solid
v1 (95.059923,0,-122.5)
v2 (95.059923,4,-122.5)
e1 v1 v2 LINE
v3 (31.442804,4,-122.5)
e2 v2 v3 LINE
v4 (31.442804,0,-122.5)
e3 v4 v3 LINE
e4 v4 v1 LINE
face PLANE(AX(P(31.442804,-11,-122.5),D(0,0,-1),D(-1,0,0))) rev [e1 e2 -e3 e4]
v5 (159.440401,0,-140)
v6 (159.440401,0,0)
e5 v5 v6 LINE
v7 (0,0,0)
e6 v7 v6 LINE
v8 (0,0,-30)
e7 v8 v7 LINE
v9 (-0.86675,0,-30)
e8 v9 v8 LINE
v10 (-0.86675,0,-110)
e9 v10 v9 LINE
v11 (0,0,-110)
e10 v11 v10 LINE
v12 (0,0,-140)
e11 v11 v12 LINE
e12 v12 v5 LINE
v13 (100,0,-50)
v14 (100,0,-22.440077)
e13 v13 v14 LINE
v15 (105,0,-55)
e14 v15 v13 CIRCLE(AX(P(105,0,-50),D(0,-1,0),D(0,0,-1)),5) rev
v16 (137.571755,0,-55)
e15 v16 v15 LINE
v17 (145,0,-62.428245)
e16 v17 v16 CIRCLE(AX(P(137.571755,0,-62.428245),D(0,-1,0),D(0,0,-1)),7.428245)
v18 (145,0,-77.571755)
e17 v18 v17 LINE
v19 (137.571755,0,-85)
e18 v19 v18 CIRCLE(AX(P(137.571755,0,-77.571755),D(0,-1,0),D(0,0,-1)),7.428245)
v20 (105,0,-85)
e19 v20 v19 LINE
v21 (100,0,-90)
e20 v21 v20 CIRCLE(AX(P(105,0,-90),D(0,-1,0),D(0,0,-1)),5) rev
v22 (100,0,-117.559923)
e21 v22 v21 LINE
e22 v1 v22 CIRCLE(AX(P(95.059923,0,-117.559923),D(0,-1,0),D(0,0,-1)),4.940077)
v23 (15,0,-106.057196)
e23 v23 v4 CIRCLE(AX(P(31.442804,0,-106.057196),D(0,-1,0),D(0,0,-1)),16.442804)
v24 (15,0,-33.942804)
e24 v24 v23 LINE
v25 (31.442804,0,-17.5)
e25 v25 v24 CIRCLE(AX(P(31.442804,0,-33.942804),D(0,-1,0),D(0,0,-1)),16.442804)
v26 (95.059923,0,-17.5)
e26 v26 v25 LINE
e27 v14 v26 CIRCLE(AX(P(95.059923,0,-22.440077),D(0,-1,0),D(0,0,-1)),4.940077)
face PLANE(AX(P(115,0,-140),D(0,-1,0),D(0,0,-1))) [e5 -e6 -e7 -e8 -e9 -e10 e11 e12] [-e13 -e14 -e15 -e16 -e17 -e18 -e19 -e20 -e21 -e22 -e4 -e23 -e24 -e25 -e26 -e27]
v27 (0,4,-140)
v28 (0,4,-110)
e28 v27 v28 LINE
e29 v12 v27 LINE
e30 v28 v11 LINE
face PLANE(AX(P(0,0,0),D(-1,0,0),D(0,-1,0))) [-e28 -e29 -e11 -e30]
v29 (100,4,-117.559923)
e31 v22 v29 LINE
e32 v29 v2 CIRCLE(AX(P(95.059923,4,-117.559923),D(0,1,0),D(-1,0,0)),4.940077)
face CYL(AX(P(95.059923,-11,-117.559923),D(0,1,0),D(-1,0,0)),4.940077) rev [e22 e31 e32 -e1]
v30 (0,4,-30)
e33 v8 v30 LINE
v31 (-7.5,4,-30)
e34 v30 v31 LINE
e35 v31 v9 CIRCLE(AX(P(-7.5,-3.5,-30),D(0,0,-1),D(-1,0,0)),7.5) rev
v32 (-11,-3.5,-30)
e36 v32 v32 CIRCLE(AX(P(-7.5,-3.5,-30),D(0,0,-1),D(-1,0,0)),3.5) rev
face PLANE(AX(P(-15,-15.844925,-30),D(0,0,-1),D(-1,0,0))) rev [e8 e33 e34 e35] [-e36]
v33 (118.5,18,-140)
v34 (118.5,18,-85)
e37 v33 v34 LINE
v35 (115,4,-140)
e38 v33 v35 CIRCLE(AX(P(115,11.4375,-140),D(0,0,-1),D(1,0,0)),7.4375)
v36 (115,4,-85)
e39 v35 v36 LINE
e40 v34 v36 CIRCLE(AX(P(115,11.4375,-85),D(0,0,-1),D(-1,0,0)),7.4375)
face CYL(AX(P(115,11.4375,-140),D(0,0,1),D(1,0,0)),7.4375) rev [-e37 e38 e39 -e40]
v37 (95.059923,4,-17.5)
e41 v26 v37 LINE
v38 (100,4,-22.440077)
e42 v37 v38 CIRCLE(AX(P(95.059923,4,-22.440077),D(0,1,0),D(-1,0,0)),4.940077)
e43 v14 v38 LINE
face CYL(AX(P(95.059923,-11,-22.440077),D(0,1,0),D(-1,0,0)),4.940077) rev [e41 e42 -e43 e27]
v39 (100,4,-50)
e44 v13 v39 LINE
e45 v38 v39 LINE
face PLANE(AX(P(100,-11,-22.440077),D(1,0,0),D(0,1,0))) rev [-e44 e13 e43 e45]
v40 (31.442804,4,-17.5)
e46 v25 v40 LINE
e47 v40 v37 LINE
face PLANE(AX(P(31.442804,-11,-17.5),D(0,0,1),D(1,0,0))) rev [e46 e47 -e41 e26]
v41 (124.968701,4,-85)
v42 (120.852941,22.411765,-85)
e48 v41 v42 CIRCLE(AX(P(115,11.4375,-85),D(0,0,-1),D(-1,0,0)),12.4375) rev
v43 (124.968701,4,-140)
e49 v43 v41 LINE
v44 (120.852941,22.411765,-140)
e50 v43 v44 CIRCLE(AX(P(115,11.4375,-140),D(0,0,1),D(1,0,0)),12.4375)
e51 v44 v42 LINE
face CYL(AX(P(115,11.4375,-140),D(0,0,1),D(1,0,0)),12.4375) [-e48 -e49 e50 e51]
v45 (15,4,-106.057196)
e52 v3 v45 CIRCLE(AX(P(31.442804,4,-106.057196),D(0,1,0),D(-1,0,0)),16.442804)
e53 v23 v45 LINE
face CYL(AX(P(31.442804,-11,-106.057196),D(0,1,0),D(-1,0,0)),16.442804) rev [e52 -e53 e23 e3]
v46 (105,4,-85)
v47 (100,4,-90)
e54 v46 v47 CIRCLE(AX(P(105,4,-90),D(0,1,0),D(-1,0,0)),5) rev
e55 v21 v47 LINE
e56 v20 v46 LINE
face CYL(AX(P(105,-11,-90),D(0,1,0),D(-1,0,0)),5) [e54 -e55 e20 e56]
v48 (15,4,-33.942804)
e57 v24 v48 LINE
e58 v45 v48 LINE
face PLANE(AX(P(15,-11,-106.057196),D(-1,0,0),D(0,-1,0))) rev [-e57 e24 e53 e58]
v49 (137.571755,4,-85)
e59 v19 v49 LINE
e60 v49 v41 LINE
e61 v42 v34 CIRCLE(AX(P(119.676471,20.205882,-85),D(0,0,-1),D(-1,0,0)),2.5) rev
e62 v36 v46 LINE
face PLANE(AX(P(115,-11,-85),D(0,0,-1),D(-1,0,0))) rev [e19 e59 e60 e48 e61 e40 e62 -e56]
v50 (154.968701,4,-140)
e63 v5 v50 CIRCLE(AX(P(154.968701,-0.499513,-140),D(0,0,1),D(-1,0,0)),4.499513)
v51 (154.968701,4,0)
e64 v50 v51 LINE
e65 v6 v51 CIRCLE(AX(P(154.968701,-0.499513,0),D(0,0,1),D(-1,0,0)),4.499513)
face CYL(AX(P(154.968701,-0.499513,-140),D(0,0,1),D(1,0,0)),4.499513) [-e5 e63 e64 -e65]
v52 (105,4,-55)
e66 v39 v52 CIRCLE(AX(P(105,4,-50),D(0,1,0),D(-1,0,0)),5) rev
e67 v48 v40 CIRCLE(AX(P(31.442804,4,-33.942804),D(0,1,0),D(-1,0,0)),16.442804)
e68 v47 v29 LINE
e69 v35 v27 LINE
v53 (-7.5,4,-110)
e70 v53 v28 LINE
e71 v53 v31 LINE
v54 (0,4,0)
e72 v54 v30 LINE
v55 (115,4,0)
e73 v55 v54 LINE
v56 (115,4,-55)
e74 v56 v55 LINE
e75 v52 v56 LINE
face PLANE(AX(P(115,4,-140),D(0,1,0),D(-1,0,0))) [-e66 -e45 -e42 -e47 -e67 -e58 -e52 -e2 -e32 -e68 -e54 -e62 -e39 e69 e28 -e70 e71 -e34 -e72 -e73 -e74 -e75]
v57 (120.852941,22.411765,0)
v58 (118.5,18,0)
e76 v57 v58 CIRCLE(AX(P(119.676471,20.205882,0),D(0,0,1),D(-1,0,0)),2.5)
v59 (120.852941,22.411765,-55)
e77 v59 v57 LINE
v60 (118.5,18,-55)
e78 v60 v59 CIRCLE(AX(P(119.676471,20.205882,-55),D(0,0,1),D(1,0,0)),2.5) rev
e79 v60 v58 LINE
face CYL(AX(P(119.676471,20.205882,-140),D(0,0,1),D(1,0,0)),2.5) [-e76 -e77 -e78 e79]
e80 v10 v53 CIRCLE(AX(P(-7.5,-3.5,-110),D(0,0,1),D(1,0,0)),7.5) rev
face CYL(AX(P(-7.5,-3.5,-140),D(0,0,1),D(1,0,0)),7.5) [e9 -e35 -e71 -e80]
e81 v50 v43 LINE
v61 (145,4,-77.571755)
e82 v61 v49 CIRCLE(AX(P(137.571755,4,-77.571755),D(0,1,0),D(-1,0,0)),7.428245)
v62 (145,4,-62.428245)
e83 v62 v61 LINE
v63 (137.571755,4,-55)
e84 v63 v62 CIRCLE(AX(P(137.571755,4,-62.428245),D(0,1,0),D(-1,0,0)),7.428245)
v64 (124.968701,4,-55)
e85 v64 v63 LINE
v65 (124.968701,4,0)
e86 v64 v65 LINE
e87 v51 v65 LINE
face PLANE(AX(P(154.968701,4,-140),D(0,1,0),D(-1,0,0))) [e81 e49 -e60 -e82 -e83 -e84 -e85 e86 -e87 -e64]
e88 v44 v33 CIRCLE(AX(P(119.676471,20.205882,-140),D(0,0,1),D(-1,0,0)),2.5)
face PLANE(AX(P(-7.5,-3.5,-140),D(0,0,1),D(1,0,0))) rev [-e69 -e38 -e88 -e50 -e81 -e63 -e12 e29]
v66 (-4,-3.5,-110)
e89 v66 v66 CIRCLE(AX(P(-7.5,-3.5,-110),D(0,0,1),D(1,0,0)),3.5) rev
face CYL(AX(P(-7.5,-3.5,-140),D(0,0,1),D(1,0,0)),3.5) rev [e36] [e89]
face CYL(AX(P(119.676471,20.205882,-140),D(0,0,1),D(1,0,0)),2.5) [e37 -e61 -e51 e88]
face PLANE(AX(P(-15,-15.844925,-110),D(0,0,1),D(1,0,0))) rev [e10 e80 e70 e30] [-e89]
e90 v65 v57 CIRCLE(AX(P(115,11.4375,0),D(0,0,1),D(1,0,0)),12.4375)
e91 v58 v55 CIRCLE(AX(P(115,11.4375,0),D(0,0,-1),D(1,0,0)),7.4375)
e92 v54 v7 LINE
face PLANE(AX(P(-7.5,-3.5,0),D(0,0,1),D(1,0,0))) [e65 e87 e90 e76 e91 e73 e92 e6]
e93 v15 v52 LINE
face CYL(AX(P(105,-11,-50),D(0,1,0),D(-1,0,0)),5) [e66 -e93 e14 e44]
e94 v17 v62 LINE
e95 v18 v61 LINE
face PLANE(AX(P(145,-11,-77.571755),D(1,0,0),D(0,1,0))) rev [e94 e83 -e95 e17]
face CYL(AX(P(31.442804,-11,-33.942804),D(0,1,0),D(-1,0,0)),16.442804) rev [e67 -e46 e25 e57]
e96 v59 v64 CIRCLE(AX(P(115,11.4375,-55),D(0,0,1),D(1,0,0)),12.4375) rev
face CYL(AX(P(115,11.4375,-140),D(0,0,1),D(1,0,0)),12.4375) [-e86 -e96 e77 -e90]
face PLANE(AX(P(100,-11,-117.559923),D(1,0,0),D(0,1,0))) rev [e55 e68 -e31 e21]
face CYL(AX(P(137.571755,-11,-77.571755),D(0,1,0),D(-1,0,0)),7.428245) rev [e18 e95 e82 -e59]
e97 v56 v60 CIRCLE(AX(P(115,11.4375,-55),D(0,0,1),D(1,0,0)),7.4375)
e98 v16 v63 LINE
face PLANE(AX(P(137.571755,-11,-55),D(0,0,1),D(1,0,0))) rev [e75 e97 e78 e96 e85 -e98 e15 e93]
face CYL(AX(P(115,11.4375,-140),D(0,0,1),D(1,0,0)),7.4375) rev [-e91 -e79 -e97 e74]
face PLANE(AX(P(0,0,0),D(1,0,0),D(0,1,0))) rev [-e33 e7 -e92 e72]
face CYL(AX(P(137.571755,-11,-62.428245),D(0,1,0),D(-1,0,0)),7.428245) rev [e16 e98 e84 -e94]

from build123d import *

# Parameters (mm, degrees)
SKETCH_1_R               = 3.5
EXTRUDE_1_DEPTH          = 140
SKETCH_2_W               = 30
SKETCH_2_H               = 27.344925094
CUT_EXTRUDE_1_DEPTH      = 214.393529953
CUT_EXTRUDE_3_DEPTH      = 214.005050566
CUT_EXTRUDE_3_DEPTH_BACK = 214.005050566


with BuildPart() as part:
    # 草图1 → 凸台-拉伸1 (new body)
    with BuildSketch(Plane.XY):
        with BuildLine():
            Line((154.968701019, 4), (124.968701019, 4))
            ThreePointArc((124.968701019, 4), (127.137930645, 14.150809034), (120.852941176, 22.411764706))
            ThreePointArc((120.852941176, 22.411764706), (117.470588235, 21.382352941), (118.5, 18))
            ThreePointArc((118.5, 18), (122.215434845, 9.633641289), (115, 4))
            Line((115, 4), (0, 4))
            Line((0, 4), (-7.5, 4))
            ThreePointArc((-7.5, 4), (-11.372983346, -9.922616289), (-0.866750419, 0))
            Line((-0.866750419, 0), (0, 0))
            Line((0, 0), (115, 0))
            Line((115, 0), (159.440401192, 0))
            ThreePointArc((159.440401192, 0), (157.968538616, 2.854080771), (154.968701019, 4))
        make_face()
        with Locations((-7.5, -3.5)):
            Circle(SKETCH_1_R, mode=Mode.SUBTRACT)
    extrude(amount=-EXTRUDE_1_DEPTH)

    # 草图2 → 切除-拉伸1 (cut, through all)
    with BuildSketch(Plane(origin=(0, 0, 0), x_dir=(0, 0, -1), z_dir=(1, 0, 0))):
        with Locations((15, -2.172462547)):
            Rectangle(SKETCH_2_W, SKETCH_2_H)
        with Locations((125, -2.172462547)):
            Rectangle(SKETCH_2_W, SKETCH_2_H)
    extrude(amount=-CUT_EXTRUDE_1_DEPTH, mode=Mode.SUBTRACT)

    # 草图3 → 切除-拉伸3 (cut, two sides: drawn at the far end of the back side and taken through both)
    with BuildSketch(Plane(origin=(0, 4, 0), x_dir=(1, 0, 0), z_dir=(0, 1, 0)).offset(-CUT_EXTRUDE_3_DEPTH_BACK)):
        with BuildLine():
            Line((15, 106.057196128), (15, 33.942803872))
            ThreePointArc((15, 33.942803872), (19.815985752, 22.315985752), (31.442803872, 17.5))
            Line((31.442803872, 17.5), (95.059923468, 17.5))
            ThreePointArc((95.059923468, 17.5), (98.553085083, 18.946914917), (100, 22.440076532))
            Line((100, 22.440076532), (100, 50))
            ThreePointArc((100, 50), (101.464466094, 53.535533906), (105, 55))
            Line((105, 55), (115, 55))
            Line((115, 55), (137.57175482, 55))
            ThreePointArc((137.57175482, 55), (142.824317359, 57.175682641), (145, 62.42824518))
            Line((145, 62.42824518), (145, 77.57175482))
            ThreePointArc((145, 77.57175482), (142.824317359, 82.824317359), (137.57175482, 85))
            Line((137.57175482, 85), (115, 85))
            Line((115, 85), (105, 85))
            ThreePointArc((105, 85), (101.464466094, 86.464466094), (100, 90))
            Line((100, 90), (100, 117.559923468))
            ThreePointArc((100, 117.559923468), (98.553085083, 121.053085083), (95.059923468, 122.5))
            Line((95.059923468, 122.5), (31.442803872, 122.5))
            ThreePointArc((31.442803872, 122.5), (19.815985752, 117.684014248), (15, 106.057196128))
        make_face()
    extrude(amount=CUT_EXTRUDE_3_DEPTH + CUT_EXTRUDE_3_DEPTH_BACK, mode=Mode.SUBTRACT)


solid = part.part
